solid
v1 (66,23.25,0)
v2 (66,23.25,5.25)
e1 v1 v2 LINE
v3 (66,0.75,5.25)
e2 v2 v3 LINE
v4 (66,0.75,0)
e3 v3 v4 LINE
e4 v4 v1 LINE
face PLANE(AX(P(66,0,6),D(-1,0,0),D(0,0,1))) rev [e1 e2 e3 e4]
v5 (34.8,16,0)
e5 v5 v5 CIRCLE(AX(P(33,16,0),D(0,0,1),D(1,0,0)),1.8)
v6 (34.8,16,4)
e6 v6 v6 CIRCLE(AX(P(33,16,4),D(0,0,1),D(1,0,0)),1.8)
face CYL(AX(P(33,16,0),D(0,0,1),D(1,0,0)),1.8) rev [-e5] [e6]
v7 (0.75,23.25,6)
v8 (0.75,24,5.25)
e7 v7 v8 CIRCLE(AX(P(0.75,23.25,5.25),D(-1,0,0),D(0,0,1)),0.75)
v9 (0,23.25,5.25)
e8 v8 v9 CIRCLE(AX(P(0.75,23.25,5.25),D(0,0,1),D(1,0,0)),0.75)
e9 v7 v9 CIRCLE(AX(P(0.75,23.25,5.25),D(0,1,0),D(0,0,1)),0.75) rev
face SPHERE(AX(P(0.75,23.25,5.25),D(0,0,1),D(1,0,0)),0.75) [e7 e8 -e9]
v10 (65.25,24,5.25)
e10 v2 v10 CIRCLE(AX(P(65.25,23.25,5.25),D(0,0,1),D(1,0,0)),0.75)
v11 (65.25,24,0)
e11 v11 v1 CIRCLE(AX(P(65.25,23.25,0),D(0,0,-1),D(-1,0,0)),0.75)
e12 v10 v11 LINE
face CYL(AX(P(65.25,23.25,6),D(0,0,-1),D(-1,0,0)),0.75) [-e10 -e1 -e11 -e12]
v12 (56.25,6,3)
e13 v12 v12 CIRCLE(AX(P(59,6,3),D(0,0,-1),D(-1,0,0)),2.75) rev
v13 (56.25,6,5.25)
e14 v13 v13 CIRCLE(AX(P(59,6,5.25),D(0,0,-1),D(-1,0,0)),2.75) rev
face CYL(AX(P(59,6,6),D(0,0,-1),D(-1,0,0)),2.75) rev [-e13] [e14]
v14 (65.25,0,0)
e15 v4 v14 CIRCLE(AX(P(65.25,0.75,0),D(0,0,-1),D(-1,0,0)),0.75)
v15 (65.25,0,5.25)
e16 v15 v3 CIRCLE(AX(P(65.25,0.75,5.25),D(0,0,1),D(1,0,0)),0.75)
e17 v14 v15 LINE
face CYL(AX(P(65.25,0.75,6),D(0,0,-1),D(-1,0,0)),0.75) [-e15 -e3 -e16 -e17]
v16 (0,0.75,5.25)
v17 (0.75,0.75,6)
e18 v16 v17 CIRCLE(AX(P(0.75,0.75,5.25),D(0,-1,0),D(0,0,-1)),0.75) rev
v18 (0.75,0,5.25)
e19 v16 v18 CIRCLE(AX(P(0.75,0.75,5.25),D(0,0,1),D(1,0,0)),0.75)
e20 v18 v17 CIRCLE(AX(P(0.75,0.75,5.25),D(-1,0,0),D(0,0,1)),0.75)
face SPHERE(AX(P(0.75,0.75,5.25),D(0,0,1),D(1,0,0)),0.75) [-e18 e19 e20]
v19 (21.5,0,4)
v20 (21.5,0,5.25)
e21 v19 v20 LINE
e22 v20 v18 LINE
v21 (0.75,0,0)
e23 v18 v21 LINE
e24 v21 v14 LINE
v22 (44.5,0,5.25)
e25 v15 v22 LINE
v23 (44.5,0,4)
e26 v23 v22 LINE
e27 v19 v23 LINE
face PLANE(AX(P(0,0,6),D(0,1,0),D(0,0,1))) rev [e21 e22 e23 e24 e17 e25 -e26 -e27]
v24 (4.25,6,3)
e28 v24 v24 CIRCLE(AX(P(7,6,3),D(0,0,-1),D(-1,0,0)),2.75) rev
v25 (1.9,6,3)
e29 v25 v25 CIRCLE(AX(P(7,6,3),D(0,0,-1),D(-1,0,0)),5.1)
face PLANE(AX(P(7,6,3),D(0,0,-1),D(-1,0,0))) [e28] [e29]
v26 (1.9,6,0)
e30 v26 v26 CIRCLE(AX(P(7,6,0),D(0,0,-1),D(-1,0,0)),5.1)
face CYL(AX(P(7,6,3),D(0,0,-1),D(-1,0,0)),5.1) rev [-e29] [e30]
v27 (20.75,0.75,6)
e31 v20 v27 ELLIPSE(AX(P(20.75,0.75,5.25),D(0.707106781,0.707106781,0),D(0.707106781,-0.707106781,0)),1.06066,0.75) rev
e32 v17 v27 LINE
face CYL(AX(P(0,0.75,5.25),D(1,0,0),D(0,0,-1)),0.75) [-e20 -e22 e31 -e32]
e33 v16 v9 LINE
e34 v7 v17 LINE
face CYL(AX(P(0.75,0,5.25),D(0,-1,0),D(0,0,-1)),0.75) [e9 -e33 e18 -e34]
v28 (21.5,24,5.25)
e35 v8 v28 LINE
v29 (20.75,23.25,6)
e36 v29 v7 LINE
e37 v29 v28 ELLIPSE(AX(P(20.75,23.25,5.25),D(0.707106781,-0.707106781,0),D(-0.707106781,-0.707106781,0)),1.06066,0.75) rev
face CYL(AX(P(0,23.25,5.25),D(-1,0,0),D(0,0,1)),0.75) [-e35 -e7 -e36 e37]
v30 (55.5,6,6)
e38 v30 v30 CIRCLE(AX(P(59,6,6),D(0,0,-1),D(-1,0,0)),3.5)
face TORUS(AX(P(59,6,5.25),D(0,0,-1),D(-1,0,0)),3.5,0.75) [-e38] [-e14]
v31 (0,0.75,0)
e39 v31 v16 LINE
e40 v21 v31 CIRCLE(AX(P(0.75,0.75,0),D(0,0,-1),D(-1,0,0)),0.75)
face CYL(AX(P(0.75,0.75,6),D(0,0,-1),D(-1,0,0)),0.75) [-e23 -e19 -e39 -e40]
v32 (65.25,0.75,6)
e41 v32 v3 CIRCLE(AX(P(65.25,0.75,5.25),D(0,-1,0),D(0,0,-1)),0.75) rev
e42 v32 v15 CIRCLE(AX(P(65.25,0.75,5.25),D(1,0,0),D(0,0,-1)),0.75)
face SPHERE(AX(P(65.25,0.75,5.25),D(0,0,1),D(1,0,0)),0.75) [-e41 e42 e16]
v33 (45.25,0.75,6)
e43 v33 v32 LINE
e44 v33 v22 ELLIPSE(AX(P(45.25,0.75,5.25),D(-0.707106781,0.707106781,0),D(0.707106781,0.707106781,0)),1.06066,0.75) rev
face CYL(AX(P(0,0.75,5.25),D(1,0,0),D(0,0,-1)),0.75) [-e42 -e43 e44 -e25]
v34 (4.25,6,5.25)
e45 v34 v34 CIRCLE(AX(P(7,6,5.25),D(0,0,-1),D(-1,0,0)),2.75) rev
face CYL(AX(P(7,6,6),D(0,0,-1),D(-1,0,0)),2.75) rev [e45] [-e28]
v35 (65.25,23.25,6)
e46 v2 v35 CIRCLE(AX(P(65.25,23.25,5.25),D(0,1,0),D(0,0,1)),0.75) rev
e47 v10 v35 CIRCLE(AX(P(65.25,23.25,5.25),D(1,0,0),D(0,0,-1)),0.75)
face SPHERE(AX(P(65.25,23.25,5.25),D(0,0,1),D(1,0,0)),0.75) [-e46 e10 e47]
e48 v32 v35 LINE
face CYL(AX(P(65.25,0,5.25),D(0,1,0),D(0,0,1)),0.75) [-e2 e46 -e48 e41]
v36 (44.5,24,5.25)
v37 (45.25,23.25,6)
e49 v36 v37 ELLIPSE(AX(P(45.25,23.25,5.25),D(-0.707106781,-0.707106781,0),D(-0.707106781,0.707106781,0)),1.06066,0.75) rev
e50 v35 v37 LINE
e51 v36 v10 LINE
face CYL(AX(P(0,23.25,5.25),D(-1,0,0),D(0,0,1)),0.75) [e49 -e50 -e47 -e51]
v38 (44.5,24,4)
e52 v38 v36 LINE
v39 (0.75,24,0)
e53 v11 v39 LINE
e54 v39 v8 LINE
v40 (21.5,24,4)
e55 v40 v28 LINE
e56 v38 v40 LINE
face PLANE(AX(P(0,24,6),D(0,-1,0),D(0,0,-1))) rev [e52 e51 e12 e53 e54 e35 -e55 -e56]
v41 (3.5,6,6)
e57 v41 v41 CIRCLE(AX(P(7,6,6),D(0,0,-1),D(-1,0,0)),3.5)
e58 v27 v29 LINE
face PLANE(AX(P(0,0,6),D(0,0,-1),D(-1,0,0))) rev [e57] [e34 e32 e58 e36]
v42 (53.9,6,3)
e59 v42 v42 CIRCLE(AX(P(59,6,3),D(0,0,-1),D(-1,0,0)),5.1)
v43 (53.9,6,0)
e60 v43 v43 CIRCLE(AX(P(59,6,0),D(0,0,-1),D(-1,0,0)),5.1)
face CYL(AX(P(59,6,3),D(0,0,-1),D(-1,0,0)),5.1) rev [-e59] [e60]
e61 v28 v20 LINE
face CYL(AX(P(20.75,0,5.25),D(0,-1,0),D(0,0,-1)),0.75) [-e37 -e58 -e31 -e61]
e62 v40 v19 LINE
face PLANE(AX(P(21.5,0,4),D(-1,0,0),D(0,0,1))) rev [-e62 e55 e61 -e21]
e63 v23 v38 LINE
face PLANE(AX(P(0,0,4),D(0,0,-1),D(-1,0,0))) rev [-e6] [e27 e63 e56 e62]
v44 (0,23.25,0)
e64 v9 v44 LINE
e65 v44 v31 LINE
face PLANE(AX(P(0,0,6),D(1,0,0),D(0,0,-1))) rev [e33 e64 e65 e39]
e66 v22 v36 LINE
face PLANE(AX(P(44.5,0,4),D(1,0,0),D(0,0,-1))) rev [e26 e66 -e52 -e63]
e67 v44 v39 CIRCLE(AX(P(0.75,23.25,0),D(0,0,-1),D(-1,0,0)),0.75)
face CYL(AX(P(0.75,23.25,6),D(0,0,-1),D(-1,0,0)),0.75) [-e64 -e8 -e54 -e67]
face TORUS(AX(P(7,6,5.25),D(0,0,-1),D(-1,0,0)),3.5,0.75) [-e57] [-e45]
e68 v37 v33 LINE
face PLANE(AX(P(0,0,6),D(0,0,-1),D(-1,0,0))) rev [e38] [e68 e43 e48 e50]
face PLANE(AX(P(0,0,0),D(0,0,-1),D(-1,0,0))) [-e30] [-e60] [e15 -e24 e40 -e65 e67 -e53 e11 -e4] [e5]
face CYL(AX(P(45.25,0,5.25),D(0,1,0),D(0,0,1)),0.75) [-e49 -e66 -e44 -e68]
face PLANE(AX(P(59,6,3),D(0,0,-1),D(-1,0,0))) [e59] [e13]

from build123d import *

# Parameters (mm, degrees)
ESQUISSE2_W             = 66
ESQUISSE2_H             = 24
BOSS_EXTRU_1_DEPTH      = 6
ESQUISSE3_W             = 23
ESQUISSE3_H             = 24
ENL_V_MAT_EXTRU_1_DEPTH = 2
ESQUISSE4_R             = 1.8
ENL_V_MAT_EXTRU_2_DEPTH = 5
ESQUISSE5_R             = 2.75
ENL_V_MAT_EXTRU_3_DEPTH = 7
ESQUISSE6_R             = 5.1
ENL_V_MAT_EXTRU_4_DEPTH = 3
CONG_1_R                = 0.75


with BuildPart() as part:
    # Esquisse2 → Boss.-Extru.1 (new body)
    with BuildSketch(Plane.XY):
        with Locations((33, 12)):
            Rectangle(ESQUISSE2_W, ESQUISSE2_H)
    extrude(amount=BOSS_EXTRU_1_DEPTH)

    # Esquisse3 → Enlèv. mat.-Extru.1 (cut)
    with BuildSketch(Plane.XY.offset(6)):
        with Locations((33, 12)):
            Rectangle(ESQUISSE3_W, ESQUISSE3_H)
    extrude(amount=-ENL_V_MAT_EXTRU_1_DEPTH, mode=Mode.SUBTRACT)

    # Esquisse4 → Enlèv. mat.-Extru.2 (cut, through all)
    with BuildSketch(Plane.XY.offset(4)):
        with Locations((33, 16)):
            Circle(ESQUISSE4_R)
    extrude(amount=-ENL_V_MAT_EXTRU_2_DEPTH, mode=Mode.SUBTRACT)

    # Esquisse5 → Enlèv. mat.-Extru.3 (cut, through all)
    with BuildSketch(Plane(origin=(0, 0, 0), x_dir=(-1, 0, 0), z_dir=(0, 0, -1))):
        with Locations((-59, 6)):
            Circle(ESQUISSE5_R)
        with Locations((-7, 6)):
            Circle(ESQUISSE5_R)
    extrude(amount=-ENL_V_MAT_EXTRU_3_DEPTH, mode=Mode.SUBTRACT)

    # Esquisse6 → Enlèv. mat.-Extru.4 (cut)
    with BuildSketch(Plane(origin=(0, 0, 0), x_dir=(-1, 0, 0), z_dir=(0, 0, -1))):
        with Locations((-59, 6)):
            Circle(ESQUISSE6_R)
        with Locations((-7, 6)):
            Circle(ESQUISSE6_R)
    extrude(amount=-ENL_V_MAT_EXTRU_4_DEPTH, mode=Mode.SUBTRACT)

    # Congé1
    cong_1_edges = [part.edges().sort_by_distance(p)[0] for p in [
        (66, 12, 6),
        (55.25, 24, 6),
        (55.25, 0, 6),
        (10.75, 24, 6),
        (21.5, 12, 6),
        (44.5, 12, 6),
        (61.75, 6, 6),
        (9.75, 6, 6),
        (0, 12, 6),
        (10.75, 0, 6),
        (0, 24, 3),
        (66, 24, 3),
        (66, 0, 3),
        (0, 0, 3),
    ]]
    fillet(cong_1_edges, radius=CONG_1_R)


solid = part.part
